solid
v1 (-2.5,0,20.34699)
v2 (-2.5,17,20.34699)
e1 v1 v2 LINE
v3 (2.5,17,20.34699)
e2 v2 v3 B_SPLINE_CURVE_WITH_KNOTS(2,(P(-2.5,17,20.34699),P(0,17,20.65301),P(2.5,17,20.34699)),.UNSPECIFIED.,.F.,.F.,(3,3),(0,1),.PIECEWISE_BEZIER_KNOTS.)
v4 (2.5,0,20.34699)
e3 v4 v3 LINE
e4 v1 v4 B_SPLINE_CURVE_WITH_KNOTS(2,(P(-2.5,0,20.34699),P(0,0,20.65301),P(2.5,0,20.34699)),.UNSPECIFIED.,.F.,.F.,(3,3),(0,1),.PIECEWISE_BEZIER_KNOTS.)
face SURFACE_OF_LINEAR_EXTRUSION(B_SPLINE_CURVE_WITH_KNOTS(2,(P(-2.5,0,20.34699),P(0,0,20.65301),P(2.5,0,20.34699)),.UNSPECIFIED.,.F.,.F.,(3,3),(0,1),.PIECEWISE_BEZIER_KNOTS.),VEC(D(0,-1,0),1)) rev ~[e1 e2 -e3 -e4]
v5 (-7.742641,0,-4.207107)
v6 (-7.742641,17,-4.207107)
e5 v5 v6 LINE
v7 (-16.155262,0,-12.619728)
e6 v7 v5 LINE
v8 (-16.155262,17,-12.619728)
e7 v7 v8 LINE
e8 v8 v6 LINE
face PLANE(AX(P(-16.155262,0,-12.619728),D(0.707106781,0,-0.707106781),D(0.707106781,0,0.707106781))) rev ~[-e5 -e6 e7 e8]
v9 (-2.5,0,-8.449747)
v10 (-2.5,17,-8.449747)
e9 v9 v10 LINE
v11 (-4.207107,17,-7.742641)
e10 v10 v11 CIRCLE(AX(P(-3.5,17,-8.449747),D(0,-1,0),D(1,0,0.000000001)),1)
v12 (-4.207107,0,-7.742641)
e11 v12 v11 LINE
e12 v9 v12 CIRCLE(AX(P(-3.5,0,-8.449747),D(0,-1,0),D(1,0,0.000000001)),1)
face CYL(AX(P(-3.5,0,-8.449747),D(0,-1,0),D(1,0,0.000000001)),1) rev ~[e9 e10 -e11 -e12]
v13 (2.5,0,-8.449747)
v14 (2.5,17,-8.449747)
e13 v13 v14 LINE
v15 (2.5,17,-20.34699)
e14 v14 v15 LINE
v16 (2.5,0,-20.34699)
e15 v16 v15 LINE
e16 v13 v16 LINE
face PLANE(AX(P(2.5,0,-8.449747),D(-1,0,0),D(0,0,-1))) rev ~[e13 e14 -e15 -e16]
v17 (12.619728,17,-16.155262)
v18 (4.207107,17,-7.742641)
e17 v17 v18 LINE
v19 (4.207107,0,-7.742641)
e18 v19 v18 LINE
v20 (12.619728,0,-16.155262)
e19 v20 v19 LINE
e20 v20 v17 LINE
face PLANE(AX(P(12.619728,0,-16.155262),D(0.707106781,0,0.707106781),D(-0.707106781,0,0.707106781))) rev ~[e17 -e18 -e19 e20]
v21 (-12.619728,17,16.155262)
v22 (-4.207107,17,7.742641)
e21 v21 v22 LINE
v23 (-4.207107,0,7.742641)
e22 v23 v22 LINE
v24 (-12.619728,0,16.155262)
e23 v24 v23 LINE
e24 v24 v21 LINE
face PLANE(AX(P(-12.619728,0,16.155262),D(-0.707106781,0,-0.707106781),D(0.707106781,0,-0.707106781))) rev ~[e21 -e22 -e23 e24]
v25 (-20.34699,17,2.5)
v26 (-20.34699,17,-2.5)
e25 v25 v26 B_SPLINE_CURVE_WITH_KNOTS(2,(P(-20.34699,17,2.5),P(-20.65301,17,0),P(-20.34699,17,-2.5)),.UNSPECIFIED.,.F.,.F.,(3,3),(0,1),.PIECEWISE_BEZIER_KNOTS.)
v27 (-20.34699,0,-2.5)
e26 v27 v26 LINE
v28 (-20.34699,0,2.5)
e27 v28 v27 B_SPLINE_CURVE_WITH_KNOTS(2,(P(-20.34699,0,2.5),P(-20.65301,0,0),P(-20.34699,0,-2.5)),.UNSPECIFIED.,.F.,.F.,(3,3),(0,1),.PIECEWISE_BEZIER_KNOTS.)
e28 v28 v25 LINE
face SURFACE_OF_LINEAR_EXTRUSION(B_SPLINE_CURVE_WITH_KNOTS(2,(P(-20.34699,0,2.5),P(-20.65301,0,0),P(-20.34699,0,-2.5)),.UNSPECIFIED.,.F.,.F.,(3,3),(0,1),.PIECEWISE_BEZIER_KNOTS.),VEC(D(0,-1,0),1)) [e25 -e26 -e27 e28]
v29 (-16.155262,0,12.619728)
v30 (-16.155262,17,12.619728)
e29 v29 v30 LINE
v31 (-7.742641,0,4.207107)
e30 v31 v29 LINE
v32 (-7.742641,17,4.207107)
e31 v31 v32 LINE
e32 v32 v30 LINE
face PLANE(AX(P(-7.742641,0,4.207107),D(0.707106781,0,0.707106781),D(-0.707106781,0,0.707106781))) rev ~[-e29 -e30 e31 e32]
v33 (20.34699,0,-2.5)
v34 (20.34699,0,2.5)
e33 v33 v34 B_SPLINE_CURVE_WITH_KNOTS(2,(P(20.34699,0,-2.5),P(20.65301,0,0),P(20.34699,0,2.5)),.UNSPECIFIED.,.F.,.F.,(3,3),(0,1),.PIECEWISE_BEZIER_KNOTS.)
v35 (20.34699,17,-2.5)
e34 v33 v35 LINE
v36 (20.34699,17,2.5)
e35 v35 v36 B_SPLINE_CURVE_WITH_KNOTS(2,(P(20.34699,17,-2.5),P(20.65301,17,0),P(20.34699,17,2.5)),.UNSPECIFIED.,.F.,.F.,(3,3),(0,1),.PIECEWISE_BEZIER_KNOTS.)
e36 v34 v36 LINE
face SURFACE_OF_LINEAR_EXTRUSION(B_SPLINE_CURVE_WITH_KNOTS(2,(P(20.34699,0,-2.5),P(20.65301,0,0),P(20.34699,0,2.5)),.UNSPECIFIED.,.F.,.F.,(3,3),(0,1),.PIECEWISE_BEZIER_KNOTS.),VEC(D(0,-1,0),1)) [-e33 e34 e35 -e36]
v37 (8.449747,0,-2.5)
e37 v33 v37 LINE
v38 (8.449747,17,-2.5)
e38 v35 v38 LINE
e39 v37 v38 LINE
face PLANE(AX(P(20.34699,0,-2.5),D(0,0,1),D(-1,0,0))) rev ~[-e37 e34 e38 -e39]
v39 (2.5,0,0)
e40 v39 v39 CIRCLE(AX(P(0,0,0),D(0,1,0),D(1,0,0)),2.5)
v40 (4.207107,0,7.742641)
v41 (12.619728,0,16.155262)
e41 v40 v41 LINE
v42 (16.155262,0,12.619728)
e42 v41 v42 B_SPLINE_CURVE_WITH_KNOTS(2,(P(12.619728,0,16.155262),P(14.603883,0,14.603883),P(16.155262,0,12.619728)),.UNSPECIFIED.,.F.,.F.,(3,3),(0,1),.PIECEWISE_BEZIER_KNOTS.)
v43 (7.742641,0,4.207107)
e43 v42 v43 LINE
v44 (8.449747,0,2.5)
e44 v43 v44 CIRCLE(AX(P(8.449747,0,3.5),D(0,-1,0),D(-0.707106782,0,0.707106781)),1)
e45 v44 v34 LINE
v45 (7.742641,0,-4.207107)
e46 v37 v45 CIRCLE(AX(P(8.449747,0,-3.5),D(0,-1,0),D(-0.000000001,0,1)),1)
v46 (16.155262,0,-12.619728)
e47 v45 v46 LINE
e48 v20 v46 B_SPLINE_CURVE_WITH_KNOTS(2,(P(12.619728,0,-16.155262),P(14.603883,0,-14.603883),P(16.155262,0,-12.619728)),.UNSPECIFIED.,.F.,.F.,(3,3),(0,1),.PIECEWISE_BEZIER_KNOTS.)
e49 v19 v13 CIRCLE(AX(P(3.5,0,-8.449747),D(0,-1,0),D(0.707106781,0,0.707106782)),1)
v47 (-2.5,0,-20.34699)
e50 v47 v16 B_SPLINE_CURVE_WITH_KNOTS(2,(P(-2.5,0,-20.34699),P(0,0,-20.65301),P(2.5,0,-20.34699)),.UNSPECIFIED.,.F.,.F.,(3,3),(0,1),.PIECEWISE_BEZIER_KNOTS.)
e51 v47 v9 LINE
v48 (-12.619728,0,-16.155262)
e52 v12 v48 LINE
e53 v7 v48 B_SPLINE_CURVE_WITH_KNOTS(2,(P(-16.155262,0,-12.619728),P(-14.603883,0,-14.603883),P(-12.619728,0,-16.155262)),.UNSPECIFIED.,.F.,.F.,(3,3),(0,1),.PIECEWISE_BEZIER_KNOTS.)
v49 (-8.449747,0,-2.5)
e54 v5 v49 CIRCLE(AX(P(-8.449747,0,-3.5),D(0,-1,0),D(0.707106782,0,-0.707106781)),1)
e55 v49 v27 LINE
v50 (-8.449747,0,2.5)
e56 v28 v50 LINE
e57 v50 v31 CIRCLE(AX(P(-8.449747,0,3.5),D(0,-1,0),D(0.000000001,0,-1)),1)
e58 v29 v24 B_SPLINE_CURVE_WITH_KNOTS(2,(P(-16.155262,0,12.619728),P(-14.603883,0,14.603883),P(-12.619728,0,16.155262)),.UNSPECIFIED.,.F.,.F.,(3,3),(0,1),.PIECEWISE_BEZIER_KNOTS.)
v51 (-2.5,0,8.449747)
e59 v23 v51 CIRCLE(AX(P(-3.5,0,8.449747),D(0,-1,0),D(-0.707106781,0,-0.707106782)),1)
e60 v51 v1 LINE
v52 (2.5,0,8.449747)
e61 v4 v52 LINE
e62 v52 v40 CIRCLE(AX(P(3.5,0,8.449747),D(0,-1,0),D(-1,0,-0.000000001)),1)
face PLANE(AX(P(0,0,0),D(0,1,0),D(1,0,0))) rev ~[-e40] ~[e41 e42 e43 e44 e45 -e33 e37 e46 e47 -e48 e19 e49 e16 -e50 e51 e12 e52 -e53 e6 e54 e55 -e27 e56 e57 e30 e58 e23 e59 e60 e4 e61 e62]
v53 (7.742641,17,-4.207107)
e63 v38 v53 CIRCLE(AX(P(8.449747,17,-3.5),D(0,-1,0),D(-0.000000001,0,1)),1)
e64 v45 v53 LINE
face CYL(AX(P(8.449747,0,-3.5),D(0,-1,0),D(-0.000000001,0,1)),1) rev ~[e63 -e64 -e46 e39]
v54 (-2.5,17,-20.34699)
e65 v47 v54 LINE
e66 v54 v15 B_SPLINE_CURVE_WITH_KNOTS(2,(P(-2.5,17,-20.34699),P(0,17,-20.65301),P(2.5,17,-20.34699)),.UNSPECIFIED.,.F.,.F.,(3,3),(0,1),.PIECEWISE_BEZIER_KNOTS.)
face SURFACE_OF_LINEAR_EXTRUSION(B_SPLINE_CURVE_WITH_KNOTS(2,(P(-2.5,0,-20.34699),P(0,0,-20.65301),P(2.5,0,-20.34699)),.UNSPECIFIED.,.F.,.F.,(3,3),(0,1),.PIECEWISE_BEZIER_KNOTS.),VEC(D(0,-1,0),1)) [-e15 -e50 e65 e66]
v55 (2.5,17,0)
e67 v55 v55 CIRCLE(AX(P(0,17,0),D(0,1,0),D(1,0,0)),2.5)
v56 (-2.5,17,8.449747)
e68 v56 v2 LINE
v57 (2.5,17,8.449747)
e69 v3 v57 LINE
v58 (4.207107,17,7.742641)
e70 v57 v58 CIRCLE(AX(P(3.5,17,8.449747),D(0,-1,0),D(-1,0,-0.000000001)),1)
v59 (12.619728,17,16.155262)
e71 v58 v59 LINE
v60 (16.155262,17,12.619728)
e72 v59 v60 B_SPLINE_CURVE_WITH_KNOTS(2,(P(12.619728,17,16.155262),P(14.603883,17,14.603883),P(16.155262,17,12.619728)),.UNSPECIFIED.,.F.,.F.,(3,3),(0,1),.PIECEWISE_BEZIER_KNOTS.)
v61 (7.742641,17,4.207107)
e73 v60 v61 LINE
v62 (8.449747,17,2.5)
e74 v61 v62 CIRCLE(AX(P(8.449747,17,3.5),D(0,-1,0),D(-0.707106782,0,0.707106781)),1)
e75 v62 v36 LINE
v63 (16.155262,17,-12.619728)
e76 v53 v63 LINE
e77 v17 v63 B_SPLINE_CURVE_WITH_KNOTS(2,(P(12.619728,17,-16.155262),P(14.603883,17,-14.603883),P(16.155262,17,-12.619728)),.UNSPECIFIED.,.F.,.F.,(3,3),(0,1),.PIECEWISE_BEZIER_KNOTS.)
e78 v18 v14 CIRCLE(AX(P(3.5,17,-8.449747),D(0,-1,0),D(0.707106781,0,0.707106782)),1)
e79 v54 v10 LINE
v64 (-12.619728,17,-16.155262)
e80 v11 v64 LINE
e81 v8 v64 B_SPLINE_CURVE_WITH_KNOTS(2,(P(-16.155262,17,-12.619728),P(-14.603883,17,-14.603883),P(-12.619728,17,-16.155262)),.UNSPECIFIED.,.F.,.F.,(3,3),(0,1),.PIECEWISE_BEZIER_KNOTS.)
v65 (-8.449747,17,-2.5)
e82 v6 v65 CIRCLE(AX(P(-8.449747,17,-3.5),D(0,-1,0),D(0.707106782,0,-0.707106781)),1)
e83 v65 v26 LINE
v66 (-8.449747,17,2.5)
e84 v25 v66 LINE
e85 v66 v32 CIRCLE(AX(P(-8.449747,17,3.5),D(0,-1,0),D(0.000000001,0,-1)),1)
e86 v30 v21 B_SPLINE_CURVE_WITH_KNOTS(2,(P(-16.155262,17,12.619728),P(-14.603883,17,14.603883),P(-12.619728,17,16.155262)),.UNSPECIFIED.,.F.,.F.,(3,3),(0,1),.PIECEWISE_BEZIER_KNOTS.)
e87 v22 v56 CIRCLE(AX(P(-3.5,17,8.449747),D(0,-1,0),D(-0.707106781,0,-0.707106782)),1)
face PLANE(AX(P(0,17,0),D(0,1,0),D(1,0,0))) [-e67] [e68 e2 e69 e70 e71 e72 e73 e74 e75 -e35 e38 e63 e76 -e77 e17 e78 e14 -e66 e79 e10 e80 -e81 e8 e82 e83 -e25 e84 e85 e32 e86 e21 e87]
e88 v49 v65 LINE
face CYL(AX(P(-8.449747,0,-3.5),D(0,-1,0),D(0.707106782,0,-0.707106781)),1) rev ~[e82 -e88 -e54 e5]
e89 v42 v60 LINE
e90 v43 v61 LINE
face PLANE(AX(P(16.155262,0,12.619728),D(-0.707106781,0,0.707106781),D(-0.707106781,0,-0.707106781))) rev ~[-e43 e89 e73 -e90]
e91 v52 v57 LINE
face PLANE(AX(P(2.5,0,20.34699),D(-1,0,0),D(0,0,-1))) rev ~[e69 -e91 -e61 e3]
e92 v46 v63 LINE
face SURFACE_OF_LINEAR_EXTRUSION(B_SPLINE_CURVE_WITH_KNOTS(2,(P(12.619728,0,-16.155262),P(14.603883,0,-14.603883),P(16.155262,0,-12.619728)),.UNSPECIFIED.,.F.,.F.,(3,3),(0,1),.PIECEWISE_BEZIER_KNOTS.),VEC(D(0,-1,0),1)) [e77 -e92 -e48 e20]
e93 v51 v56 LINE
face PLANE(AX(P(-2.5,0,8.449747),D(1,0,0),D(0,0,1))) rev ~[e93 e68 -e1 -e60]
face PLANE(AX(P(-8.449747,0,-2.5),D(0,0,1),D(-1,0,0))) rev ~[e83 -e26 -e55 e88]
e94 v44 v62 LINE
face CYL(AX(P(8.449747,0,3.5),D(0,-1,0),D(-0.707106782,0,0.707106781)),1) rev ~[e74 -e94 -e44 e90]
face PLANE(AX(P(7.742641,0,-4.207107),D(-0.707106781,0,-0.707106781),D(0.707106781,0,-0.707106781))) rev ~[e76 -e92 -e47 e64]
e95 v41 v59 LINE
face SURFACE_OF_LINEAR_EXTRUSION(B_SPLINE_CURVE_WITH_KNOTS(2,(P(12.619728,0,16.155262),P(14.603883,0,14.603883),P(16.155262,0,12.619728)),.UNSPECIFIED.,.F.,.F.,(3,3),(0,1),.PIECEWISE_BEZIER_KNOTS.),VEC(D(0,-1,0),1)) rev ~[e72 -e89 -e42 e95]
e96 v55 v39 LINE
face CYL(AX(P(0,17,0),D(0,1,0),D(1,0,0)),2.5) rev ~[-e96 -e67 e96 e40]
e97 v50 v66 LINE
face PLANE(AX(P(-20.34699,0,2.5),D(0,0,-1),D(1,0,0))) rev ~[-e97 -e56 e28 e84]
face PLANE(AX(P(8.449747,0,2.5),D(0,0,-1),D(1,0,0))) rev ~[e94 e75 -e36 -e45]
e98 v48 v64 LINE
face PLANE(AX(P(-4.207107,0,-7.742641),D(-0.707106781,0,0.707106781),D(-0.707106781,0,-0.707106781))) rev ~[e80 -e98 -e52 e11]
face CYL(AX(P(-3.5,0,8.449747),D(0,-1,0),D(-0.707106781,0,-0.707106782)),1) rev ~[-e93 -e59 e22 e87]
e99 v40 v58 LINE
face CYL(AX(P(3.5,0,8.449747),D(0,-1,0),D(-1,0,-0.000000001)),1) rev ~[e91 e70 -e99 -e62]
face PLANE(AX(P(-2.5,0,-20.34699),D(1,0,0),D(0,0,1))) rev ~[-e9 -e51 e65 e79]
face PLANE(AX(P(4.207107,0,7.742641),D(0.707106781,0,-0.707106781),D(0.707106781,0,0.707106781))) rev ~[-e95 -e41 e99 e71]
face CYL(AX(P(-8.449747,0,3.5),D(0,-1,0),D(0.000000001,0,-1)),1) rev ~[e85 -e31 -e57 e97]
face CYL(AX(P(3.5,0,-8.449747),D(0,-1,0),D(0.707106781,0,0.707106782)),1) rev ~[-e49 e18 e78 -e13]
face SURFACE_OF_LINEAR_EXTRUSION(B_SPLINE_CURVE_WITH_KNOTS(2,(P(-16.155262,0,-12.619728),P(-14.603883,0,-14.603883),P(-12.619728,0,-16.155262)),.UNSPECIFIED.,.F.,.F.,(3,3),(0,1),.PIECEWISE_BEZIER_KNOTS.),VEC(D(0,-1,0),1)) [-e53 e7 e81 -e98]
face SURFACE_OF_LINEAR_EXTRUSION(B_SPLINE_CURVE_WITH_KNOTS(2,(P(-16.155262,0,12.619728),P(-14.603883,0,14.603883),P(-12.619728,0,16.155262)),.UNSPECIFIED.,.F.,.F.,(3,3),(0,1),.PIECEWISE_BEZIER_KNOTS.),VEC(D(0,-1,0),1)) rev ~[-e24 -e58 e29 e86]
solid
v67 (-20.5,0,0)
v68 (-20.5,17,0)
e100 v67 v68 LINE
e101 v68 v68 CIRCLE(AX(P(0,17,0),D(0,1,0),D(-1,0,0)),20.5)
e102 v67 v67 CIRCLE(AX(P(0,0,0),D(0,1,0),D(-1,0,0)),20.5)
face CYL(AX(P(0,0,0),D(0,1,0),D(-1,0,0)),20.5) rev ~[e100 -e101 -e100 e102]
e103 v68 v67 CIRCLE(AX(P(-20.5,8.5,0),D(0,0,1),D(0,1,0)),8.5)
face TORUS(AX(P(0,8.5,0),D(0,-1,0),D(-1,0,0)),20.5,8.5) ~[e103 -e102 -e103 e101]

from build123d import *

# Parameters (mm, degrees)
SKETCH2_R           = 7
SKETCH2_R_2         = 2.5
BOSS_EXTRUDE1_DEPTH = 17
BOSS_EXTRUDE2_DEPTH = 17
SKETCH4_R           = 2.5
CUT_EXTRUDE1_DEPTH  = 17


with BuildPart() as part:
    # Sketch1 → Revolve1 (revolve)
    with BuildSketch(Plane.XY):
        with BuildLine():
            Line((-20.5, 0), (-20.5, 17))
            ThreePointArc((-20.5, 17), (-29, 8.5), (-20.5, 0))
        make_face()
    revolve(axis=Axis((0, -19.40997101, 0), (0, 1, 0)))


with BuildPart() as body_2:
    # Sketch2 → Boss-Extrude1 (new body)
    with BuildSketch(Plane(origin=(0, 0, 0), x_dir=(1, 0, 0), z_dir=(0, 1, 0))):
        Circle(SKETCH2_R)
        Circle(SKETCH2_R_2, mode=Mode.SUBTRACT)
    extrude(amount=BOSS_EXTRUDE1_DEPTH)

    # Sketch3 → Boss-Extrude2 (add)
    with BuildSketch(Plane(origin=(0, 0, 0), x_dir=(1, 0, 0), z_dir=(0, 1, 0))):
        with BuildLine():
            Line((-2.5, 20.346989949), (-2.5, 8.449747468))
            ThreePointArc((-2.5, 8.449747468), (-3.117316568, 7.525867936), (-4.207106781, 7.742640687))
            Line((-4.207106781, 7.742640687), (-12.619727617, 16.155261523))
            add(Edge.make_bspline(
                [(-16.155261523, 12.619727617), (-14.603883459, 14.603883459), (-12.619727617, 16.155261523)],
                knots=[0, 0, 0, 1, 1, 1], degree=2))
            Line((-16.155261523, 12.619727617), (-7.742640687, 4.207106781))
            ThreePointArc((-7.742640687, 4.207106781), (-7.525867936, 3.117316568), (-8.449747468, 2.5))
            Line((-8.449747468, 2.5), (-20.346989949, 2.5))
            add(Edge.make_bspline(
                [(-20.346989949, -2.5), (-20.653010051, 0), (-20.346989949, 2.5)],
                knots=[0, 0, 0, 1, 1, 1], degree=2))
            Line((-20.346989949, -2.5), (-8.449747468, -2.5))
            ThreePointArc((-8.449747468, -2.5), (-7.525867936, -3.117316568), (-7.742640687, -4.207106781))
            Line((-7.742640687, -4.207106781), (-16.155261523, -12.619727617))
            add(Edge.make_bspline(
                [(-16.155261523, -12.619727617), (-14.603883459, -14.603883459), (-12.619727617, -16.155261523)],
                knots=[0, 0, 0, 1, 1, 1], degree=2))
            Line((-12.619727617, -16.155261523), (-4.207106781, -7.742640687))
            ThreePointArc((-4.207106781, -7.742640687), (-3.117316568, -7.525867936), (-2.5, -8.449747468))
            Line((-2.5, -8.449747468), (-2.5, -20.346989949))
            add(Edge.make_bspline(
                [(-2.5, -20.346989949), (0, -20.653010051), (2.5, -20.346989949)],
                knots=[0, 0, 0, 1, 1, 1], degree=2))
            Line((2.5, -20.346989949), (2.5, -8.449747468))
            ThreePointArc((2.5, -8.449747468), (3.117316568, -7.525867936), (4.207106781, -7.742640687))
            Line((4.207106781, -7.742640687), (12.619727617, -16.155261523))
            add(Edge.make_bspline(
                [(12.619727617, -16.155261523), (14.603883459, -14.603883459), (16.155261523, -12.619727617)],
                knots=[0, 0, 0, 1, 1, 1], degree=2))
            Line((16.155261523, -12.619727617), (7.742640687, -4.207106781))
            ThreePointArc((7.742640687, -4.207106781), (7.525867936, -3.117316568), (8.449747468, -2.5))
            Line((8.449747468, -2.5), (20.346989949, -2.5))
            add(Edge.make_bspline(
                [(20.346989949, 2.5), (20.653010051, 0), (20.346989949, -2.5)],
                knots=[0, 0, 0, 1, 1, 1], degree=2))
            Line((20.346989949, 2.5), (8.449747468, 2.5))
            ThreePointArc((8.449747468, 2.5), (7.525867936, 3.117316568), (7.742640687, 4.207106781))
            Line((7.742640687, 4.207106781), (16.155261523, 12.619727617))
            add(Edge.make_bspline(
                [(12.619727617, 16.155261523), (14.603883459, 14.603883459), (16.155261523, 12.619727617)],
                knots=[0, 0, 0, 1, 1, 1], degree=2))
            Line((12.619727617, 16.155261523), (4.207106781, 7.742640687))
            ThreePointArc((4.207106781, 7.742640687), (3.117316568, 7.525867936), (2.5, 8.449747468))
            Line((2.5, 8.449747468), (2.5, 20.346989949))
            add(Edge.make_bspline(
                [(-2.5, 20.346989949), (0, 20.653010051), (2.5, 20.346989949)],
                knots=[0, 0, 0, 1, 1, 1], degree=2))
        make_face()
    extrude(amount=BOSS_EXTRUDE2_DEPTH)

    # Sketch4 → Cut-Extrude1 (cut)
    with BuildSketch(Plane(origin=(0, 17, 0), x_dir=(1, 0, 0), z_dir=(0, 1, 0))):
        Circle(SKETCH4_R)
    extrude(amount=-CUT_EXTRUDE1_DEPTH, mode=Mode.SUBTRACT)


solid = Compound([part.part, body_2.part])
